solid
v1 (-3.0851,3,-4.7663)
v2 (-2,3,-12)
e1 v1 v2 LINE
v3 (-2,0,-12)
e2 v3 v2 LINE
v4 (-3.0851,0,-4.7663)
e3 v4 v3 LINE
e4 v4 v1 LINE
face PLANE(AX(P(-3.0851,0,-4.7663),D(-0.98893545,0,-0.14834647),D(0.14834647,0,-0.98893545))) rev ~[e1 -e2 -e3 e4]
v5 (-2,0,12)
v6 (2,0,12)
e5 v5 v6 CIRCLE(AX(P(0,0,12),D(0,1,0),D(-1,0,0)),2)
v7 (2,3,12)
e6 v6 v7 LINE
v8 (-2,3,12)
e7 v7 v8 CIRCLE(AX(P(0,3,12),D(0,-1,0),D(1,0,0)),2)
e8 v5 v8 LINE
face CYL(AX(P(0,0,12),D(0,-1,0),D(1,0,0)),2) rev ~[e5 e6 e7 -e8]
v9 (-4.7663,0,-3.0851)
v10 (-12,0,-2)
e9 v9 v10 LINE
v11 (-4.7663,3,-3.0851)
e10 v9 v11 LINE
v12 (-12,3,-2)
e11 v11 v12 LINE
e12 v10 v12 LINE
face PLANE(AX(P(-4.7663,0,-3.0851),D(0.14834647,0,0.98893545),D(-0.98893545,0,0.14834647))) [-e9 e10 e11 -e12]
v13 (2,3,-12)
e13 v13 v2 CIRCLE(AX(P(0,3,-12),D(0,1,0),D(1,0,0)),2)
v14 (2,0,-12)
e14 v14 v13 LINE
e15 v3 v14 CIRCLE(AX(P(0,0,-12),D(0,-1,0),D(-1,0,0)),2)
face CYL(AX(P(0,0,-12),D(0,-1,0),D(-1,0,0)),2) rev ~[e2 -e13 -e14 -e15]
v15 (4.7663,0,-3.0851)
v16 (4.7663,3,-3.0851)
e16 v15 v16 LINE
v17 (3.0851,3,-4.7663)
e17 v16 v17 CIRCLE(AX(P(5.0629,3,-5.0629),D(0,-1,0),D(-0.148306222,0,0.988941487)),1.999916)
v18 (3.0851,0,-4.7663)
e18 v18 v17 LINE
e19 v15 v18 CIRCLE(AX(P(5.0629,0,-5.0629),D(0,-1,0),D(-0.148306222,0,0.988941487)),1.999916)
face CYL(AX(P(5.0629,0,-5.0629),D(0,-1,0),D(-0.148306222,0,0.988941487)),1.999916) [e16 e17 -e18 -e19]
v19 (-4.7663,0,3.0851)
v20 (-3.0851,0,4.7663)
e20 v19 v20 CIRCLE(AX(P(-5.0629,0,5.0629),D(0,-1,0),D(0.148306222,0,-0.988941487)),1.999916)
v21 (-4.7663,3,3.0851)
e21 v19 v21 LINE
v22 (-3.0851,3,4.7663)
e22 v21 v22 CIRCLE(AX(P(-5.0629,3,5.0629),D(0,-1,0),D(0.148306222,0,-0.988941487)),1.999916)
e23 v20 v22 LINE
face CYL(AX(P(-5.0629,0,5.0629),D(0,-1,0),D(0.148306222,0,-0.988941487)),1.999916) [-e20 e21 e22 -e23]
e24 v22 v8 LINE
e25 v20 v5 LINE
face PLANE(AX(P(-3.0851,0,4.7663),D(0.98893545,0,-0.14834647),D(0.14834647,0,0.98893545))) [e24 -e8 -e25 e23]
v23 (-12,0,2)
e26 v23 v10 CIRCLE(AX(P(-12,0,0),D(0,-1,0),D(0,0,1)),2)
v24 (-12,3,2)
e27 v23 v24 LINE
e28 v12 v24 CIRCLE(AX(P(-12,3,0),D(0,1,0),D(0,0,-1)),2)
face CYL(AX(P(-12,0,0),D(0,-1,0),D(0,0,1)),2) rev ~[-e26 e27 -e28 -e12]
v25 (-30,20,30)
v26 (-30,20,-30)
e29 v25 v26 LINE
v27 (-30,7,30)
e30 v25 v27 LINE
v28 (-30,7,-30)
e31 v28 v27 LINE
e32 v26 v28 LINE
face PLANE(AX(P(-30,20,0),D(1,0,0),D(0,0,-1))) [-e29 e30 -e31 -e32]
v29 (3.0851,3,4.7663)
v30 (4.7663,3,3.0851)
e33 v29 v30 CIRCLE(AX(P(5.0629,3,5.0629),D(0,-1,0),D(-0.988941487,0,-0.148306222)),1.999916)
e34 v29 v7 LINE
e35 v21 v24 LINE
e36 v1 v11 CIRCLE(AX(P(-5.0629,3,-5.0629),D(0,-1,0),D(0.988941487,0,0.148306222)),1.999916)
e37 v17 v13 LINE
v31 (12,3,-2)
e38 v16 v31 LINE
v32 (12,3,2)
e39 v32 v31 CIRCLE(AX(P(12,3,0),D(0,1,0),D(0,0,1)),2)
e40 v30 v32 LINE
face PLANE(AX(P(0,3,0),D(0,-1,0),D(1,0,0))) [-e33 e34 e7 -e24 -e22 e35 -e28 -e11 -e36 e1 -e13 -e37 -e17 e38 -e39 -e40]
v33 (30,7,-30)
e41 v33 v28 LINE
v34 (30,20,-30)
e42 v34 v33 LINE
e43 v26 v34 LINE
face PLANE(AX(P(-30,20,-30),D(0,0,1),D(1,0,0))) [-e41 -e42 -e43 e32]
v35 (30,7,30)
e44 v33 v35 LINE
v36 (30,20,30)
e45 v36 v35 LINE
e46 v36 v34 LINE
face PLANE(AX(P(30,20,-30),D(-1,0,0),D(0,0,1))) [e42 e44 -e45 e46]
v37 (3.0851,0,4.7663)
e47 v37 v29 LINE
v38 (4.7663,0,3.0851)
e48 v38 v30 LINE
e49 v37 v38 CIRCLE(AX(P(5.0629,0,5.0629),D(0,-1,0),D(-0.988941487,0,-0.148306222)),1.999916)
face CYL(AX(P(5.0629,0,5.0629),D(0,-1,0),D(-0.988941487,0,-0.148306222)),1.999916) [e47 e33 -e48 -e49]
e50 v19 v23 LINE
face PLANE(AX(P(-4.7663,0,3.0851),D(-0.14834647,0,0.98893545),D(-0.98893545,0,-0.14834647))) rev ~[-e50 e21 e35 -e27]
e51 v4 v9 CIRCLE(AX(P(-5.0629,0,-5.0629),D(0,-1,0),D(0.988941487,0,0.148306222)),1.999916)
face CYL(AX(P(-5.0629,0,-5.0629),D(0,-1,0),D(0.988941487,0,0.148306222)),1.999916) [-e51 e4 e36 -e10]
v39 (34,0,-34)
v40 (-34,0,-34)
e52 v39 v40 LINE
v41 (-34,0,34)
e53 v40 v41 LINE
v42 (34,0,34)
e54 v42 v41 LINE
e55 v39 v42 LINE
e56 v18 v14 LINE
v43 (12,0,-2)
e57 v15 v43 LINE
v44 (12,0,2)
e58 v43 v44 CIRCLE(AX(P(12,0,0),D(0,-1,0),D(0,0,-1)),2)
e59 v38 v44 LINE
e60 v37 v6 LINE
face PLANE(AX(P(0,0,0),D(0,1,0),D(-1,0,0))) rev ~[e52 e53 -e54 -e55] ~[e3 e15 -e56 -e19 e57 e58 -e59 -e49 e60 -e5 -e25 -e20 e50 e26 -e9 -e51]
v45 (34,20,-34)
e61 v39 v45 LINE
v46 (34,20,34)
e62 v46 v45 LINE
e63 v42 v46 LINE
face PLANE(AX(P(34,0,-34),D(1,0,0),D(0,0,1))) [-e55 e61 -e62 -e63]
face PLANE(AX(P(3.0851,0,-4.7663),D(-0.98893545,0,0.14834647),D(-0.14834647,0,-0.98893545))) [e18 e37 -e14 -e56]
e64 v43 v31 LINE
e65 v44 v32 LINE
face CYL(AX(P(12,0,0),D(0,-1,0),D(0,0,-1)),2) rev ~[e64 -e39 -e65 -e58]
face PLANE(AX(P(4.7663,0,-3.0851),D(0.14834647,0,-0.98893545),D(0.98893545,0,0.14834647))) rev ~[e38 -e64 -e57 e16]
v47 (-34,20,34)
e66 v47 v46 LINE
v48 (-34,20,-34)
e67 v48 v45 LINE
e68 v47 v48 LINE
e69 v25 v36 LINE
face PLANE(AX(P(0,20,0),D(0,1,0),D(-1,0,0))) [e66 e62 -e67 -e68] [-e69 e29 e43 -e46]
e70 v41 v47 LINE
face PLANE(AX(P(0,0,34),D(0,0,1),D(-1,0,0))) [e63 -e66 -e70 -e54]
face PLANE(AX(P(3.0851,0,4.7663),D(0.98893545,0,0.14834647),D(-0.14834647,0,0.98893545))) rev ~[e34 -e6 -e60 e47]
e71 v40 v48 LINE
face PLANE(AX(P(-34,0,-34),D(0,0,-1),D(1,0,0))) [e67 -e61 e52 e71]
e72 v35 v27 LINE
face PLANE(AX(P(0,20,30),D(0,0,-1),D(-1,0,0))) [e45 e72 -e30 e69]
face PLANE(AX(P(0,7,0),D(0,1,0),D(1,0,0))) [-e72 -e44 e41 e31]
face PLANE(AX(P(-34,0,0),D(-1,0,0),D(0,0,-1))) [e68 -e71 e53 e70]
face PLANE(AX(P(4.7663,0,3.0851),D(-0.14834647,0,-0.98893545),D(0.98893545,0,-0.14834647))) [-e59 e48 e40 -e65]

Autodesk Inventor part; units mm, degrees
sketch "Skizze1" plane through (0, 0, 0) normal (0, 1, 0) x (-1, 0, 0)
  line L0 (34, -34) -> (-34, -34)
  line L1 (-34, -34) -> (-34, 34)
  line L2 (-34, 34) -> (34, 34)
  line L3 (34, 34) -> (34, -34)
  line L4 (0, -47.6) -> (0, 47.6) projected
  line L5 (47.6, 0) -> (-47.6, 0) projected
  point P0 (0, 0)
  dimension "d0" = 68
  dimension "d1" = 68
extrude "Extrusion1" add sketch "Skizze1" along normal blind 20
sketch "Skizze2" plane through (0, 20, 0) normal (0, 1, 0) x (1, 0, 0)
  line L0 (-30, 30) -> (30, 30)
  line L1 (30, 30) -> (30, -30)
  line L2 (30, -30) -> (-30, -30)
  line L3 (-30, -30) -> (-30, 30)
  line L4 (-47.6, 0) -> (47.6, 0) projected
  line L5 (0, 47.6) -> (0, -47.6) projected
  line L6 (-34, 34) -> (-34, -34) projected
  line L7 (34, -34) -> (34, 34) projected
  point P0 (0, 0)
  dimension "d4" = 60
  dimension "d5" = 60
  dimension "d6" = 4
  dimension "d7" = 4
extrude "Extrusion2" cut sketch "Skizze2" against normal blind 13
sketch "Skizze4" plane through (0, 0, 0) normal (0, -1, 0) x (1, 0, 0)
  line L0 (0, 12) -> (0, -12) construction
  line L1 (-2, 12) -> (-2, -12)
  line L2 (2, -12) -> (2, 12)
  arc A0 (2, 12) -> (-2, 12) centre (0, 12) ccw
  arc A1 (-2, -12) -> (2, -12) centre (0, -12) ccw
  line L3 (-47.6, 0) -> (47.6, 0) projected
  line L4 (12, 0) -> (-12, 0) construction
  line L5 (12, 2) -> (-12, 2)
  line L6 (-12, -2) -> (12, -2)
  arc A2 (12, -2) -> (12, 2) centre (12, 0) ccw
  arc A3 (-12, 2) -> (-12, -2) centre (-12, 0) ccw
  line L7 (0, -47.6) -> (0, 47.6) projected
  line L8 (-3.0851, 4.7663) -> (-2, 12)
  line L9 (3.0851, 4.7663) -> (2, 12)
  line L10 (-3.0851, -4.7663) -> (-2, -12)
  line L11 (3.0851, -4.7663) -> (2, -12)
  line L12 (-4.7663, 3.0851) -> (-12, 2)
  line L13 (-4.7663, -3.0851) -> (-12, -2)
  line L14 (4.7663, 3.0851) -> (12, 2)
  line L15 (4.7663, -3.0851) -> (12, -2)
  arc A4 (-4.7663, 3.0851) -> (-3.0851, 4.7663) centre (-5.0629, 5.0629) ccw
  arc A5 (3.0851, 4.7663) -> (4.7663, 3.0851) centre (5.0629, 5.0629) ccw
  arc A6 (4.7663, -3.0851) -> (3.0851, -4.7663) centre (5.0629, -5.0629) ccw
  arc A7 (-3.0851, -4.7663) -> (-4.7663, -3.0851) centre (-5.0629, -5.0629) ccw
  point P0 (0, 0)
  point P1 (0, 0)
  point P2 (0, 0)
  point P3 (-3.5, 2)
  point P4 (3.5, 2)
  point P5 (-3.5, -2)
  point P6 (3.5, -2)
  point P7 (-2, 3.5)
  point P8 (-2, -3.5)
  point P9 (2, 3.5)
  point P10 (2, -3.5)
  dimension "d30" = 4
  dimension "d31" = 24
  dimension "d32" = 2
  dimension "d33" = 4
  dimension "d34" = 24
  dimension "d35" = 2
  dimension "d36" = 2
extrude "Extrusion4" cut sketch "Skizze4" against normal blind 3
properties part number "Base"
